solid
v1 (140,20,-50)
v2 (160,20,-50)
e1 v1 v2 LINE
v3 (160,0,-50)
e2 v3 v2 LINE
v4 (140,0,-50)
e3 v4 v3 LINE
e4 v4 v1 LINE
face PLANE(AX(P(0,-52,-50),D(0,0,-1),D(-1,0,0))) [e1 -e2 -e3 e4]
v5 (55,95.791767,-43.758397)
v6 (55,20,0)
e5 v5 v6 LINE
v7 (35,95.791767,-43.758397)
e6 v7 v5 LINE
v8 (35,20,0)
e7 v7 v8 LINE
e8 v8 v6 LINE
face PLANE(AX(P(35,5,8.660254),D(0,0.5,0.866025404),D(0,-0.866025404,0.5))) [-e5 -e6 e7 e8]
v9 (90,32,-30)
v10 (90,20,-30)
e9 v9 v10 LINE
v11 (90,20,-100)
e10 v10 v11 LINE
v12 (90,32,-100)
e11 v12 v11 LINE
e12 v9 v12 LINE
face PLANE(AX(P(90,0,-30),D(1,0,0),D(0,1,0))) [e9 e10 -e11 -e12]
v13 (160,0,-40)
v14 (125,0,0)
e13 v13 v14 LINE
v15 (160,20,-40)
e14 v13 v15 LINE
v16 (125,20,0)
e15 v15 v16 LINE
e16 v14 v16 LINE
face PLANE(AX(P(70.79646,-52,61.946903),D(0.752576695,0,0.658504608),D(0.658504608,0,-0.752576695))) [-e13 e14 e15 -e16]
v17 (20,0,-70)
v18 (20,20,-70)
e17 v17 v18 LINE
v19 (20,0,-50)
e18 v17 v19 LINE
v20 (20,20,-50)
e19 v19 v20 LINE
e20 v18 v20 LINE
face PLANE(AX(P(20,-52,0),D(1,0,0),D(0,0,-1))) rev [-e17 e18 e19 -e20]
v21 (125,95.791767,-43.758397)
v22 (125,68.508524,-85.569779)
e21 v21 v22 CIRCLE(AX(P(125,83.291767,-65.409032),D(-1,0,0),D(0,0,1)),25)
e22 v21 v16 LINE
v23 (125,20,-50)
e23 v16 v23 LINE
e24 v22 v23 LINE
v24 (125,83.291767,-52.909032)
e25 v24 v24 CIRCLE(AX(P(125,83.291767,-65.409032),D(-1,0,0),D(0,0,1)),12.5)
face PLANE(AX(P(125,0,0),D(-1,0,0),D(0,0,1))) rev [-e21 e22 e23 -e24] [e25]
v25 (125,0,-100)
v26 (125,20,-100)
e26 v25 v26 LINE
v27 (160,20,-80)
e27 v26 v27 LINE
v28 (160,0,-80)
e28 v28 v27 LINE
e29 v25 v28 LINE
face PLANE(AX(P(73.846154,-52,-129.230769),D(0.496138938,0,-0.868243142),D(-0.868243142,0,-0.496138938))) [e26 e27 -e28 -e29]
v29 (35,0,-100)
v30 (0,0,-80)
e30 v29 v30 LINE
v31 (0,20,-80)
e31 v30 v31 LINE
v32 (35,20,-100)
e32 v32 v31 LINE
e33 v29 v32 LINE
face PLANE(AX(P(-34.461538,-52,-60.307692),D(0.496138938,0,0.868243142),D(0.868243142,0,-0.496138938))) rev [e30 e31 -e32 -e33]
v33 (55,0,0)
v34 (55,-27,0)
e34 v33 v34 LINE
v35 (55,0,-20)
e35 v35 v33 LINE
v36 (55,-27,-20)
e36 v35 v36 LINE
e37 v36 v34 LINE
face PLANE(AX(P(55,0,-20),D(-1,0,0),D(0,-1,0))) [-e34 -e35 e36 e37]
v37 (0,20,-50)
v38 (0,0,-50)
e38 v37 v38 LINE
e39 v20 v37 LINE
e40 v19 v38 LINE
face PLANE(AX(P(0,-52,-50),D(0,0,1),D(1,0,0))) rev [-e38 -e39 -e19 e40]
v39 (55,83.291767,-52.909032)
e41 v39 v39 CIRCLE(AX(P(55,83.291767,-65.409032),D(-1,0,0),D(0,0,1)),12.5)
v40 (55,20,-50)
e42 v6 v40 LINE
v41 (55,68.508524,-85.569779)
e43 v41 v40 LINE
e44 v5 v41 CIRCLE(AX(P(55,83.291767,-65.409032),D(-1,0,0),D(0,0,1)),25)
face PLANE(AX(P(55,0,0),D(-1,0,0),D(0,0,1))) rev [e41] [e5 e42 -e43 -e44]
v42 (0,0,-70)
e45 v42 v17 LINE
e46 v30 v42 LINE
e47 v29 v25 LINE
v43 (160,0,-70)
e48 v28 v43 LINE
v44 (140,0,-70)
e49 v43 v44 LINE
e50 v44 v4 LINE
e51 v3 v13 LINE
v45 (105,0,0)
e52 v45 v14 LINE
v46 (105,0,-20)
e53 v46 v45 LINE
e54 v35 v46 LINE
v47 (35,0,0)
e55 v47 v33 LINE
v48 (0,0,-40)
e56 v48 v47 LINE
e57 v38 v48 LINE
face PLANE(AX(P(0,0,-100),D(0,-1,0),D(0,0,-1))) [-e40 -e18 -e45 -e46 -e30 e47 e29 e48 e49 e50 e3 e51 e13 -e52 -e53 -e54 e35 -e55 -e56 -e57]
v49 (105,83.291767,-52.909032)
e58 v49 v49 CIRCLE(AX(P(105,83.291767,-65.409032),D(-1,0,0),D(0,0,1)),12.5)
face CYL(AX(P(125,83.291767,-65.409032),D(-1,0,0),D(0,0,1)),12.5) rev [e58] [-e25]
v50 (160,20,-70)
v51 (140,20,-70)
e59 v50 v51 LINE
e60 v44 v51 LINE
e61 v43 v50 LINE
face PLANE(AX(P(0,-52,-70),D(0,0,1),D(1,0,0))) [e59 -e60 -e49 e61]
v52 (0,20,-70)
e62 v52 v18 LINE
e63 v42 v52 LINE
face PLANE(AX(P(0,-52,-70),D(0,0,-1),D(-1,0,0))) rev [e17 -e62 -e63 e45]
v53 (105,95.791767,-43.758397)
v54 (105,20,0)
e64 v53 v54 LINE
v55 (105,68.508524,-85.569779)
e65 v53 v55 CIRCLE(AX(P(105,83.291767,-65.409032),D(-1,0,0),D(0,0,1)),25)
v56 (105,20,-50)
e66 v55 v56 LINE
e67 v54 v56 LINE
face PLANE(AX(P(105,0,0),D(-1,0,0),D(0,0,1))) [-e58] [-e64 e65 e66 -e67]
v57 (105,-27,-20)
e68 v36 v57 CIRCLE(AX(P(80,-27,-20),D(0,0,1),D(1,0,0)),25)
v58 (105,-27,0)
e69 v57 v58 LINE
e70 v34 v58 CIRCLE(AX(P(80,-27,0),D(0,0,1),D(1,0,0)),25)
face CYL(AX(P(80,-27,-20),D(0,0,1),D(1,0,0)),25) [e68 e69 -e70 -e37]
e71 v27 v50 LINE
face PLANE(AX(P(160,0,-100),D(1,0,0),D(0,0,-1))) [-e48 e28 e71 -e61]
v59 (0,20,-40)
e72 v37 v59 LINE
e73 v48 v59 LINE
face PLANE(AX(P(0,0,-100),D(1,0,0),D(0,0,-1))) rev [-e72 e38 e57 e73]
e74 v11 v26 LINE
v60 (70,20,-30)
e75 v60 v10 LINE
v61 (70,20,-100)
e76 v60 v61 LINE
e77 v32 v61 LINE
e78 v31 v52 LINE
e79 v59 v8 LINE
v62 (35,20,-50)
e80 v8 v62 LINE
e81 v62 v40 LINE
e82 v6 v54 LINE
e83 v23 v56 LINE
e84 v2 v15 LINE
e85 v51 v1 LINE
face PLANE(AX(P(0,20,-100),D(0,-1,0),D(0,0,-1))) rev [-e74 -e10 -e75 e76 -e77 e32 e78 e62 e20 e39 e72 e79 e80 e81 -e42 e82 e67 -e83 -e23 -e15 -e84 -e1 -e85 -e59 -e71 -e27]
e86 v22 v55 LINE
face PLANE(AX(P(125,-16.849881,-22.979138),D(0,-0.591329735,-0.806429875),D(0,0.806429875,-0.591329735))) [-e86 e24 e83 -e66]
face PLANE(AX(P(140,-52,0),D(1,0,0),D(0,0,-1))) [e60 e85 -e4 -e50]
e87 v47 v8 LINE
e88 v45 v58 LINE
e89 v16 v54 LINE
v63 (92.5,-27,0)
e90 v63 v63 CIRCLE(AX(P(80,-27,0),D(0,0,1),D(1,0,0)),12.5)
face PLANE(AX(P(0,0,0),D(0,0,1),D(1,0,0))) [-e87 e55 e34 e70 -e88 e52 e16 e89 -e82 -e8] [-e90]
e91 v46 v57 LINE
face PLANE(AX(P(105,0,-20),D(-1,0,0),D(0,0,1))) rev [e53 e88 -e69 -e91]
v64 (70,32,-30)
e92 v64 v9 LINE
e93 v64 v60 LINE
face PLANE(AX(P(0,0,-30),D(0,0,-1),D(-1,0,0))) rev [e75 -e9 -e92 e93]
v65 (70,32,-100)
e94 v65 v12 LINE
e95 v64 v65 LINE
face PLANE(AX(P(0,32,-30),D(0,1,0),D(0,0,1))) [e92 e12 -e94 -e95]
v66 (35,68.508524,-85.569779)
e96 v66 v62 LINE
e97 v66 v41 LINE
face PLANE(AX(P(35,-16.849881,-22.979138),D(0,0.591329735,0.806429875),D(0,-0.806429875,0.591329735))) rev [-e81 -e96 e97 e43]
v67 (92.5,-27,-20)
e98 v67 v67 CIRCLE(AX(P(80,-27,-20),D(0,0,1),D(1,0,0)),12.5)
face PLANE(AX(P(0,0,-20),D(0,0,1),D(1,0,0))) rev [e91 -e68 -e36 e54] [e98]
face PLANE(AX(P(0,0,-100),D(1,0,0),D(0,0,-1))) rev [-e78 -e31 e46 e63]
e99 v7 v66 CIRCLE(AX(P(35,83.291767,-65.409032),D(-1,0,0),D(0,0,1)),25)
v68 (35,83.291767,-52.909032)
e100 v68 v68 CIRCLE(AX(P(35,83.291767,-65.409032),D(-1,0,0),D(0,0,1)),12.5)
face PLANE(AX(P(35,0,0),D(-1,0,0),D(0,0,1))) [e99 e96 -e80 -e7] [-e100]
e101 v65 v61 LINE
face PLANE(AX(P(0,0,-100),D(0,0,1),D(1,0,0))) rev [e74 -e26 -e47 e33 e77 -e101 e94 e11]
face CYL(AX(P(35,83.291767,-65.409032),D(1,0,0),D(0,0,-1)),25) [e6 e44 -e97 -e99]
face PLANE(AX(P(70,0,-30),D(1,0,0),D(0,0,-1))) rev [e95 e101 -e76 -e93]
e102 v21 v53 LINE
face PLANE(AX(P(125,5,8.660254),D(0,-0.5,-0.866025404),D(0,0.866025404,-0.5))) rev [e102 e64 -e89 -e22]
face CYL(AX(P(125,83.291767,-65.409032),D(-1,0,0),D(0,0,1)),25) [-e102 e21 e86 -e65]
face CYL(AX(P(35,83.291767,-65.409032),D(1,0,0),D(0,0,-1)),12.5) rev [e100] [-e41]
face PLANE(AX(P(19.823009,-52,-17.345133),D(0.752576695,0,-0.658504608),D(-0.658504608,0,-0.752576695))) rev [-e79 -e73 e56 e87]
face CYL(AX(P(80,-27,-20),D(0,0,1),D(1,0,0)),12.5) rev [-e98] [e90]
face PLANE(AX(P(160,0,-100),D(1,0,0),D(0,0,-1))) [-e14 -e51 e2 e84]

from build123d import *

# Parameters (mm, degrees)
BOSS_EXTRUDE1_DEPTH     = 100
SKETCH1_3_R             = 12.5
BOSS_EXTRUDE2_DEPTH     = 20
BOSS_EXTRUDE3_START     = -100
SKETCH1_4_W             = 20
SKETCH1_4_H             = 12
BOSS_EXTRUDE3_DEPTH     = 70
BOSS_EXTRUDE4_START     = -55
SKETCH2_R               = 12.5
BOSS_EXTRUDE4_DEPTH     = 20
BOSS_EXTRUDE5_START     = -125
SKETCH2_3_R             = 12.5
BOSS_EXTRUDE5_DEPTH     = 20
CUT_EXTRUDE1_DEPTH      = 209.315712821
CUT_EXTRUDE1_DEPTH_BACK = 209.315712821
SKETCH4_W               = 20
SKETCH4_H               = 20


with BuildPart() as part:
    # Sketch1 → Boss-Extrude1 (new body)
    with BuildSketch(Plane.XY):
        Polygon((105, 20), (125, 20), (160, 20), (160, 0), (0, 0), (0, 20), (35, 20), (55, 20), align=None)
    extrude(amount=-BOSS_EXTRUDE1_DEPTH)

    # Sketch1<3> → Boss-Extrude2 (add)
    with BuildSketch(Plane.XY):
        with BuildLine():
            Line((105, 0), (55, 0))
            Line((55, 0), (55, -27))
            ThreePointArc((55, -27), (80, -52), (105, -27))
            Line((105, -27), (105, 0))
        make_face()
        with Locations((80, -27)):
            Circle(SKETCH1_3_R, mode=Mode.SUBTRACT)
    extrude(amount=-BOSS_EXTRUDE2_DEPTH)

    # Sketch1<4> → Boss-Extrude3 (add)
    with BuildSketch(Plane.XY.offset(BOSS_EXTRUDE3_START)):
        with Locations((80, 26)):
            Rectangle(SKETCH1_4_W, SKETCH1_4_H)
    extrude(amount=BOSS_EXTRUDE3_DEPTH)

    # Sketch2 → Boss-Extrude4 (add)
    with BuildSketch(Plane.ZY.offset(BOSS_EXTRUDE4_START)):
        with BuildLine():
            Line((0, 20), (-43.758397368, 95.791767499))
            ThreePointArc((-43.758397368, 95.791767499), (-79.070979034, 104.228606226), (-85.569779349, 68.508524114))
            Line((-85.569779349, 68.508524114), (-50, 20))
            Line((-50, 20), (0, 20))
        make_face()
        with Locations((-65.409032463, 83.291767499)):
            Circle(SKETCH2_R, mode=Mode.SUBTRACT)
    extrude(amount=BOSS_EXTRUDE4_DEPTH)

    # Sketch2<3> → Boss-Extrude5 (add)
    with BuildSketch(Plane.ZY.offset(BOSS_EXTRUDE5_START)):
        with BuildLine():
            Line((0, 20), (-43.758397368, 95.791767499))
            ThreePointArc((-43.758397368, 95.791767499), (-79.070979034, 104.228606226), (-85.569779349, 68.508524114))
            Line((-85.569779349, 68.508524114), (-50, 20))
            Line((-50, 20), (0, 20))
        make_face()
        with Locations((-65.409032463, 83.291767499)):
            Circle(SKETCH2_3_R, mode=Mode.SUBTRACT)
    extrude(amount=BOSS_EXTRUDE5_DEPTH)

    # Sketch4 → Cut-Extrude1 (cut, two sides: drawn at the far end of the back side and taken through both)
    with BuildSketch(Plane(origin=(0, 20, 0), x_dir=(1, 0, 0), z_dir=(0, 1, 0)).offset(-CUT_EXTRUDE1_DEPTH_BACK)):
        Polygon((0, 100), (0, 80), (35, 100), align=None)
        Polygon((0, 0), (35, 0), (0, 40), align=None)
        Polygon((160, 40), (125, 0), (160, 0), align=None)
        Polygon((125, 100), (160, 80), (160, 100), align=None)
        with Locations((150, 60)):
            Rectangle(SKETCH4_W, SKETCH4_H)
        with Locations((10, 60)):
            Rectangle(SKETCH4_W, SKETCH4_H)
    extrude(amount=CUT_EXTRUDE1_DEPTH + CUT_EXTRUDE1_DEPTH_BACK, mode=Mode.SUBTRACT)


solid = part.part
